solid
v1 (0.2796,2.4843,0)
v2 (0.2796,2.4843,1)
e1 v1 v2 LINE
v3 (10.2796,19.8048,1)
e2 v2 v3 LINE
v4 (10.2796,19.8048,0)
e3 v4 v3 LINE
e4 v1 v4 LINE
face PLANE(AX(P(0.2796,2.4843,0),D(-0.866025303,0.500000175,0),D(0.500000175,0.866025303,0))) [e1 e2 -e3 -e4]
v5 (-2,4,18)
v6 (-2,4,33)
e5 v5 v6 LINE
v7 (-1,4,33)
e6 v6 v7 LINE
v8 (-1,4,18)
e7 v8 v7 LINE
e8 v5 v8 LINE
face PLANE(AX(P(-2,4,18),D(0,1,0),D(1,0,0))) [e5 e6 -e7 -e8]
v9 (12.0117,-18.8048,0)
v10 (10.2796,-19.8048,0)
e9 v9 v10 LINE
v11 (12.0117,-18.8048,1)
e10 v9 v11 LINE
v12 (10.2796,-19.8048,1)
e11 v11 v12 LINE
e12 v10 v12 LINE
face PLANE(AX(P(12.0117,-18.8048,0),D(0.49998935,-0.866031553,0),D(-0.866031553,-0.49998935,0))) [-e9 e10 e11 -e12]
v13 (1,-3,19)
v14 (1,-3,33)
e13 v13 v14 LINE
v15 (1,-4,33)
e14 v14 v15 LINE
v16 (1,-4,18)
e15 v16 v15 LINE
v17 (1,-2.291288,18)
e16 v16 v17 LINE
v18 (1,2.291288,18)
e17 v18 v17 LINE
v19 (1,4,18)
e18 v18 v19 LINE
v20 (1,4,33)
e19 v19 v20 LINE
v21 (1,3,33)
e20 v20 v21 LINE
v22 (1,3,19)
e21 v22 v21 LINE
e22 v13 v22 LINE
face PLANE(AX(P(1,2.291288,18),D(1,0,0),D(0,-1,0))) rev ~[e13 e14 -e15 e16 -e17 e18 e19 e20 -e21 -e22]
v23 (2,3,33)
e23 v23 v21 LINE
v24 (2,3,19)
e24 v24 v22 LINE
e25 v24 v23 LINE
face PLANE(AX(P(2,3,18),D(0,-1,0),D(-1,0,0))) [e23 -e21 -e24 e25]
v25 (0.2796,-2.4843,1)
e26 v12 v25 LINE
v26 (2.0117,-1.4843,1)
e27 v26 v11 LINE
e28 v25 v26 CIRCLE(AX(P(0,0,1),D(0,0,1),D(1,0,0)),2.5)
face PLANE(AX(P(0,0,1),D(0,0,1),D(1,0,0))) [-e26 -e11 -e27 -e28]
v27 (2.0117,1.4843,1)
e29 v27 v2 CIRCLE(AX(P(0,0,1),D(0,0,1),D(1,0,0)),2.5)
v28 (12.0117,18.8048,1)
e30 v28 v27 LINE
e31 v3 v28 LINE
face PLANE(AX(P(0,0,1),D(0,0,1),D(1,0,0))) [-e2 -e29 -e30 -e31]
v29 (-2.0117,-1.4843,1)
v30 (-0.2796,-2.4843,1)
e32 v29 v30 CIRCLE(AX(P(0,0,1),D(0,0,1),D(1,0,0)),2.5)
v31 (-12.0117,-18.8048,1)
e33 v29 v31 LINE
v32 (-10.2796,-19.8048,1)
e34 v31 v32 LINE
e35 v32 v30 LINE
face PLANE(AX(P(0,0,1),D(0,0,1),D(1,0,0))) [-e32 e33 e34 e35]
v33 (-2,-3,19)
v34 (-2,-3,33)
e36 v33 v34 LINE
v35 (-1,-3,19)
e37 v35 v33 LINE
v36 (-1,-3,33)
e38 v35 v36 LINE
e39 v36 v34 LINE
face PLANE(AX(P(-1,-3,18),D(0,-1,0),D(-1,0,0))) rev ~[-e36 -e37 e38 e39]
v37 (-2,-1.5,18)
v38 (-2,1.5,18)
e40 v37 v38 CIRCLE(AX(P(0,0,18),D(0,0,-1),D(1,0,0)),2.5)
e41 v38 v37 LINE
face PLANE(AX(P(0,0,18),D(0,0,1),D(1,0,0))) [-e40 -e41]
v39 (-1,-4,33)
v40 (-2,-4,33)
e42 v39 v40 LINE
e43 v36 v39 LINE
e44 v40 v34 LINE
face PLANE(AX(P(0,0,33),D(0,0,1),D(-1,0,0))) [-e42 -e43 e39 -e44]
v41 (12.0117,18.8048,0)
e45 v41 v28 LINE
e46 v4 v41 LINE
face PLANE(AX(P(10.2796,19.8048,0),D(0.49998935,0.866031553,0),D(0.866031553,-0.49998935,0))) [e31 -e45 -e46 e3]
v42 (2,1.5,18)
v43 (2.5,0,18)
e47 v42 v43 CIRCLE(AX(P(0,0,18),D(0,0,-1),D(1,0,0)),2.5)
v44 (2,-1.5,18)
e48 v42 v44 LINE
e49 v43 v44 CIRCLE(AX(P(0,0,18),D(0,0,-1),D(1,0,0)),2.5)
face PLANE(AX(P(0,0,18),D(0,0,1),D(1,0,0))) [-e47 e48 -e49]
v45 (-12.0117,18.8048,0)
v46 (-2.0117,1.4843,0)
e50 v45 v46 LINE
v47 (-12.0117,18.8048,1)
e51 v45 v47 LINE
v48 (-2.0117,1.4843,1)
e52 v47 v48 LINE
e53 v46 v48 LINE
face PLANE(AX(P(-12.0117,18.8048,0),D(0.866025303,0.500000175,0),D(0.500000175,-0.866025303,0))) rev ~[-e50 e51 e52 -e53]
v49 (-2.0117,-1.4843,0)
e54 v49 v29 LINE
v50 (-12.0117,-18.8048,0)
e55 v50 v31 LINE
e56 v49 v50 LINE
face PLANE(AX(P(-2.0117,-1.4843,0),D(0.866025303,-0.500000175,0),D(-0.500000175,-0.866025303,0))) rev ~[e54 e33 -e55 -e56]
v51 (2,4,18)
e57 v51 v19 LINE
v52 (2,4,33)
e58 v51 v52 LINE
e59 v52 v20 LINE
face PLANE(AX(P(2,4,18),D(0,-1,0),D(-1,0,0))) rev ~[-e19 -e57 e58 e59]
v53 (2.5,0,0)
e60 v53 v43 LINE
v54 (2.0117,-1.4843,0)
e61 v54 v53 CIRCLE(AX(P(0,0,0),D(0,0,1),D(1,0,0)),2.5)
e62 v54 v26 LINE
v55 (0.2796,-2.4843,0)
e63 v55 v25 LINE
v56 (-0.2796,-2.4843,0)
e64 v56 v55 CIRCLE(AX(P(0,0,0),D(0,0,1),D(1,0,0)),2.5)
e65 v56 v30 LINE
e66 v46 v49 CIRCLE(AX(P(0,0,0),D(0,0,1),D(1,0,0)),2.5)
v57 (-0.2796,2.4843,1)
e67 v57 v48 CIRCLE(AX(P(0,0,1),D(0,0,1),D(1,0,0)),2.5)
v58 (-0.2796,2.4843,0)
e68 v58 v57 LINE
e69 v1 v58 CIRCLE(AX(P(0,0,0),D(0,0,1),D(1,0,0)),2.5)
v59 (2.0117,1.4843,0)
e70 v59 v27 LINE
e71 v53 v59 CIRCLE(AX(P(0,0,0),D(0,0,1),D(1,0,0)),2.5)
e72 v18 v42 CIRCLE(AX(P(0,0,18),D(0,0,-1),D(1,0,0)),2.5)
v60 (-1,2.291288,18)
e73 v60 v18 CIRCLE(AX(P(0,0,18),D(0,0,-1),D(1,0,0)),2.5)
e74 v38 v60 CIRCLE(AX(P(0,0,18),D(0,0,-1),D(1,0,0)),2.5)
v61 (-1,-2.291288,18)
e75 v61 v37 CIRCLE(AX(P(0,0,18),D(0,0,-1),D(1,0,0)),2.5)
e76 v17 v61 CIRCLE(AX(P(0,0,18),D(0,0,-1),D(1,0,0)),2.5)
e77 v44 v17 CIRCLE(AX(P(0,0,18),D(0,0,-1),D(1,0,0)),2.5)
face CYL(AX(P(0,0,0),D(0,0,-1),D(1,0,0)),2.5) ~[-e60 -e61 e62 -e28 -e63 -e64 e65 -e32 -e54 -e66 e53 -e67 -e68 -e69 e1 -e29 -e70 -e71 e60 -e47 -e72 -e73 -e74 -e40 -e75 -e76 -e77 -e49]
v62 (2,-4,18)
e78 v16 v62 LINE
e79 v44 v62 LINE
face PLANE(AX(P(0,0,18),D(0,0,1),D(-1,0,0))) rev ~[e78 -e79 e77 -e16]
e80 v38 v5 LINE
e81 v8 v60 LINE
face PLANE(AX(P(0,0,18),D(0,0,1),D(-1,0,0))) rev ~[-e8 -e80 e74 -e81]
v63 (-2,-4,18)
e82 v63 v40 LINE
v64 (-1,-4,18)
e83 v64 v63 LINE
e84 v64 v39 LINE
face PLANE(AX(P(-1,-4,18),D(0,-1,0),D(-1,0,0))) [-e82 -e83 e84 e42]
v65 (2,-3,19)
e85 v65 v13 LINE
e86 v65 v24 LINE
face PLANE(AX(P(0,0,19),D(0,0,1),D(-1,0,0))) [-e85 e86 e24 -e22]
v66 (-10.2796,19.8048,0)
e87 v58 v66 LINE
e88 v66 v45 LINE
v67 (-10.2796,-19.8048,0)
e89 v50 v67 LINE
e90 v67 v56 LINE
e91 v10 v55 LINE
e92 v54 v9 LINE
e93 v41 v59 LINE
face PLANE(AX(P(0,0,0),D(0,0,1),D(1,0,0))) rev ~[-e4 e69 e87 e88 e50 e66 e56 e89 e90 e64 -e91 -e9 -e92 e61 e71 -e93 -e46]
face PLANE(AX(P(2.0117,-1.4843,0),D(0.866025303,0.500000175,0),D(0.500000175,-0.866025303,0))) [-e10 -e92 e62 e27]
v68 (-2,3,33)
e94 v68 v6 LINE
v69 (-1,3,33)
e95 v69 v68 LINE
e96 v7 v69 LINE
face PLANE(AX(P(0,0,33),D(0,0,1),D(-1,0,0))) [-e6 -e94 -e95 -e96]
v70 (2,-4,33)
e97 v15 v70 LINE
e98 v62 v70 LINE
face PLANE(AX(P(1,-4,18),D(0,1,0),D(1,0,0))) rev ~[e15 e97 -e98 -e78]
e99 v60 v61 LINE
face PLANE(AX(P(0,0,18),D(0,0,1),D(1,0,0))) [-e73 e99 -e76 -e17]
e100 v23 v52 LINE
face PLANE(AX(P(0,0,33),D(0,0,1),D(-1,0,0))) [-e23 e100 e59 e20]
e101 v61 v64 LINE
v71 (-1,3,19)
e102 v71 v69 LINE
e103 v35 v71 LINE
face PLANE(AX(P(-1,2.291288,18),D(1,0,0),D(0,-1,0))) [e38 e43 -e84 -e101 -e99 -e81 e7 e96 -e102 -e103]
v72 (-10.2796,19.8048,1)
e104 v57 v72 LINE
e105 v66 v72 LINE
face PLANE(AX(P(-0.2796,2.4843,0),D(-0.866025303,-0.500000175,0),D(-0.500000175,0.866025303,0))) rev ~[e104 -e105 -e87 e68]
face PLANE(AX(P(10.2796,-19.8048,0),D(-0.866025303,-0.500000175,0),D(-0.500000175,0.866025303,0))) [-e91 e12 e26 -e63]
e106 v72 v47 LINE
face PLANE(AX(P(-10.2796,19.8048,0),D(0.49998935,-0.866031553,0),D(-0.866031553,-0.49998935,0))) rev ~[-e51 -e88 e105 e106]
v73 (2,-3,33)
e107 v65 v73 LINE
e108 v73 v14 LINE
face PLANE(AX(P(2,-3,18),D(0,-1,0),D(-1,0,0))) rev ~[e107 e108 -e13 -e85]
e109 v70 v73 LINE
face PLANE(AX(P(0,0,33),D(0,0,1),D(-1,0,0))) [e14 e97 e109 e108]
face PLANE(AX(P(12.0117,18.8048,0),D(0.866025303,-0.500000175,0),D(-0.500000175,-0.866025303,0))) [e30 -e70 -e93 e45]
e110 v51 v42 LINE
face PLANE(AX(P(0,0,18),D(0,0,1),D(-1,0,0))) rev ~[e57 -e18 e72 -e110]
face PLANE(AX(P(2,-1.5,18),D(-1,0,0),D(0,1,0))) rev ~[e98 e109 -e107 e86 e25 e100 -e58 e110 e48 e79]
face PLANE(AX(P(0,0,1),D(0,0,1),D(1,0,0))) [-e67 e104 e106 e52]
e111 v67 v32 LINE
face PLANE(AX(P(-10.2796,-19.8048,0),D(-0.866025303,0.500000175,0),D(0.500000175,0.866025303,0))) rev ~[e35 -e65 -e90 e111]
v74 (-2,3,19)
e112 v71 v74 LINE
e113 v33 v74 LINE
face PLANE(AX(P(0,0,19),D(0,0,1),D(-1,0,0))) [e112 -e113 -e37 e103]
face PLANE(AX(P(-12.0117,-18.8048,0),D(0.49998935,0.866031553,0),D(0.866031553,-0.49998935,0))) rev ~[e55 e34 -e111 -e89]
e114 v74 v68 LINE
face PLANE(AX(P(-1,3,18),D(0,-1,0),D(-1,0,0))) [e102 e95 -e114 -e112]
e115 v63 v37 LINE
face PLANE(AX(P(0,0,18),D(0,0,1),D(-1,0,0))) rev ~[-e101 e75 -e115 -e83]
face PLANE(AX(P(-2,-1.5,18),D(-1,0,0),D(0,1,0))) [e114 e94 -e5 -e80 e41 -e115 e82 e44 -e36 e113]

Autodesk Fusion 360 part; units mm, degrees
sketch "Sketch1" plane through (0, 0, 0) normal (0, 0, 1) x (1, 0, 0)
  circle A0 centre (0, 0) radius 2.5
  line L0 (0.2796, 2.4843) -> (10.2796, 19.8048)
  line L1 (10.2796, 19.8048) -> (12.0117, 18.8048)
  line L2 (12.0117, 18.8048) -> (2.0117, 1.4843)
  line L3 (-0.2796, 2.4843) -> (-10.2796, 19.8048)
  line L4 (-10.2796, 19.8048) -> (-12.0117, 18.8048)
  line L5 (-12.0117, 18.8048) -> (-2.0117, 1.4843)
  line L6 (-2.0117, -1.4843) -> (-12.0117, -18.8048)
  line L7 (-12.0117, -18.8048) -> (-10.2796, -19.8048)
  line L8 (-10.2796, -19.8048) -> (-0.2796, -2.4843)
  line L9 (2.0117, -1.4843) -> (12.0117, -18.8048)
  line L10 (12.0117, -18.8048) -> (10.2796, -19.8048)
  line L11 (10.2796, -19.8048) -> (0.2796, -2.4843)
  line L12 (20, 0) -> (16, 0)
  dimension "d1" = 5
  dimension "d3" = 2
  dimension "d4" = 20
  dimension "d6" = 2
  dimension "d7" = 20
  dimension "d8" = 20
  dimension "d9" = 20
  dimension "d11" = 2
  dimension "d12" = 20
  dimension "d13" = 20
  dimension "d14" = 2
  dimension "d16" = 20
  dimension "d17" = 20
  dimension "d18" = 120
  dimension "d19" = 120
  dimension "d20" = 60
  dimension "d21" = 60
extrude "Extrude1" add sketch "Sketch1" along normal blind 1 contours A0 L0 L1 L2 | A0 L9 L10 L11 | A0 L3 L4 L5 | A0 L6 L7 L8 makes body 1 at (7.8471, 13.5916, 0) makes body 2 at (7.8471, -13.5916, 0) makes body 3 at (-7.8471, 13.5916, 0) makes body 4 at (-7.8471, -13.5916, 0)
extrude "Extrude2" add sketch "Sketch1" along normal blind 18 contours A0 bodies 1 2 3 4
sketch "Sketch2" plane through (0, 0, 18) normal (0, 0, 1) x (-1, 0, 0)
  circle A0 centre (0, 0) radius 2.5
  line L0 (-2, -4) -> (-1, -4)
  line L1 (-1, -4) -> (-1, 4)
  line L2 (-1, 4) -> (-2, 4)
  line L3 (-2, 4) -> (-2, -4)
  line L4 (2, -4) -> (1, -4)
  line L5 (1, -4) -> (1, 4)
  line L6 (1, 4) -> (2, 4)
  line L7 (2, 4) -> (2, -4)
  line L8 (-2, -3) -> (-1, -3)
  line L9 (-2, 3) -> (-1, 3)
  line L10 (1, -3) -> (2, -3)
  line L11 (1, 3) -> (2, 3)
  dimension "d26" = 8
  dimension "d27" = 8
  dimension "d30" = 1
  dimension "d31" = 1
  dimension "d32" = 2
  dimension "d33" = 4
  dimension "d34" = 1
  dimension "d35" = 1
  dimension "d36" = 1
  dimension "d37" = 1
  dimension "d40" = 1
extrude "Extrude3" add sketch "Sketch2" along normal blind 1 contours A0 L5 L7 | A0 L5 L7 L11 | A0 L5 L7 L10 | A0 L1 L3 | A0 L1 L3 L9 | A0 L1 L3 L8 bodies 1
extrude "Extrude4" add sketch "Sketch2" along normal blind 15 contours L5 L6 L7 L11 | L4 L5 L7 L10 | L1 L2 L3 L9 | L0 L1 L3 L8 bodies 1
